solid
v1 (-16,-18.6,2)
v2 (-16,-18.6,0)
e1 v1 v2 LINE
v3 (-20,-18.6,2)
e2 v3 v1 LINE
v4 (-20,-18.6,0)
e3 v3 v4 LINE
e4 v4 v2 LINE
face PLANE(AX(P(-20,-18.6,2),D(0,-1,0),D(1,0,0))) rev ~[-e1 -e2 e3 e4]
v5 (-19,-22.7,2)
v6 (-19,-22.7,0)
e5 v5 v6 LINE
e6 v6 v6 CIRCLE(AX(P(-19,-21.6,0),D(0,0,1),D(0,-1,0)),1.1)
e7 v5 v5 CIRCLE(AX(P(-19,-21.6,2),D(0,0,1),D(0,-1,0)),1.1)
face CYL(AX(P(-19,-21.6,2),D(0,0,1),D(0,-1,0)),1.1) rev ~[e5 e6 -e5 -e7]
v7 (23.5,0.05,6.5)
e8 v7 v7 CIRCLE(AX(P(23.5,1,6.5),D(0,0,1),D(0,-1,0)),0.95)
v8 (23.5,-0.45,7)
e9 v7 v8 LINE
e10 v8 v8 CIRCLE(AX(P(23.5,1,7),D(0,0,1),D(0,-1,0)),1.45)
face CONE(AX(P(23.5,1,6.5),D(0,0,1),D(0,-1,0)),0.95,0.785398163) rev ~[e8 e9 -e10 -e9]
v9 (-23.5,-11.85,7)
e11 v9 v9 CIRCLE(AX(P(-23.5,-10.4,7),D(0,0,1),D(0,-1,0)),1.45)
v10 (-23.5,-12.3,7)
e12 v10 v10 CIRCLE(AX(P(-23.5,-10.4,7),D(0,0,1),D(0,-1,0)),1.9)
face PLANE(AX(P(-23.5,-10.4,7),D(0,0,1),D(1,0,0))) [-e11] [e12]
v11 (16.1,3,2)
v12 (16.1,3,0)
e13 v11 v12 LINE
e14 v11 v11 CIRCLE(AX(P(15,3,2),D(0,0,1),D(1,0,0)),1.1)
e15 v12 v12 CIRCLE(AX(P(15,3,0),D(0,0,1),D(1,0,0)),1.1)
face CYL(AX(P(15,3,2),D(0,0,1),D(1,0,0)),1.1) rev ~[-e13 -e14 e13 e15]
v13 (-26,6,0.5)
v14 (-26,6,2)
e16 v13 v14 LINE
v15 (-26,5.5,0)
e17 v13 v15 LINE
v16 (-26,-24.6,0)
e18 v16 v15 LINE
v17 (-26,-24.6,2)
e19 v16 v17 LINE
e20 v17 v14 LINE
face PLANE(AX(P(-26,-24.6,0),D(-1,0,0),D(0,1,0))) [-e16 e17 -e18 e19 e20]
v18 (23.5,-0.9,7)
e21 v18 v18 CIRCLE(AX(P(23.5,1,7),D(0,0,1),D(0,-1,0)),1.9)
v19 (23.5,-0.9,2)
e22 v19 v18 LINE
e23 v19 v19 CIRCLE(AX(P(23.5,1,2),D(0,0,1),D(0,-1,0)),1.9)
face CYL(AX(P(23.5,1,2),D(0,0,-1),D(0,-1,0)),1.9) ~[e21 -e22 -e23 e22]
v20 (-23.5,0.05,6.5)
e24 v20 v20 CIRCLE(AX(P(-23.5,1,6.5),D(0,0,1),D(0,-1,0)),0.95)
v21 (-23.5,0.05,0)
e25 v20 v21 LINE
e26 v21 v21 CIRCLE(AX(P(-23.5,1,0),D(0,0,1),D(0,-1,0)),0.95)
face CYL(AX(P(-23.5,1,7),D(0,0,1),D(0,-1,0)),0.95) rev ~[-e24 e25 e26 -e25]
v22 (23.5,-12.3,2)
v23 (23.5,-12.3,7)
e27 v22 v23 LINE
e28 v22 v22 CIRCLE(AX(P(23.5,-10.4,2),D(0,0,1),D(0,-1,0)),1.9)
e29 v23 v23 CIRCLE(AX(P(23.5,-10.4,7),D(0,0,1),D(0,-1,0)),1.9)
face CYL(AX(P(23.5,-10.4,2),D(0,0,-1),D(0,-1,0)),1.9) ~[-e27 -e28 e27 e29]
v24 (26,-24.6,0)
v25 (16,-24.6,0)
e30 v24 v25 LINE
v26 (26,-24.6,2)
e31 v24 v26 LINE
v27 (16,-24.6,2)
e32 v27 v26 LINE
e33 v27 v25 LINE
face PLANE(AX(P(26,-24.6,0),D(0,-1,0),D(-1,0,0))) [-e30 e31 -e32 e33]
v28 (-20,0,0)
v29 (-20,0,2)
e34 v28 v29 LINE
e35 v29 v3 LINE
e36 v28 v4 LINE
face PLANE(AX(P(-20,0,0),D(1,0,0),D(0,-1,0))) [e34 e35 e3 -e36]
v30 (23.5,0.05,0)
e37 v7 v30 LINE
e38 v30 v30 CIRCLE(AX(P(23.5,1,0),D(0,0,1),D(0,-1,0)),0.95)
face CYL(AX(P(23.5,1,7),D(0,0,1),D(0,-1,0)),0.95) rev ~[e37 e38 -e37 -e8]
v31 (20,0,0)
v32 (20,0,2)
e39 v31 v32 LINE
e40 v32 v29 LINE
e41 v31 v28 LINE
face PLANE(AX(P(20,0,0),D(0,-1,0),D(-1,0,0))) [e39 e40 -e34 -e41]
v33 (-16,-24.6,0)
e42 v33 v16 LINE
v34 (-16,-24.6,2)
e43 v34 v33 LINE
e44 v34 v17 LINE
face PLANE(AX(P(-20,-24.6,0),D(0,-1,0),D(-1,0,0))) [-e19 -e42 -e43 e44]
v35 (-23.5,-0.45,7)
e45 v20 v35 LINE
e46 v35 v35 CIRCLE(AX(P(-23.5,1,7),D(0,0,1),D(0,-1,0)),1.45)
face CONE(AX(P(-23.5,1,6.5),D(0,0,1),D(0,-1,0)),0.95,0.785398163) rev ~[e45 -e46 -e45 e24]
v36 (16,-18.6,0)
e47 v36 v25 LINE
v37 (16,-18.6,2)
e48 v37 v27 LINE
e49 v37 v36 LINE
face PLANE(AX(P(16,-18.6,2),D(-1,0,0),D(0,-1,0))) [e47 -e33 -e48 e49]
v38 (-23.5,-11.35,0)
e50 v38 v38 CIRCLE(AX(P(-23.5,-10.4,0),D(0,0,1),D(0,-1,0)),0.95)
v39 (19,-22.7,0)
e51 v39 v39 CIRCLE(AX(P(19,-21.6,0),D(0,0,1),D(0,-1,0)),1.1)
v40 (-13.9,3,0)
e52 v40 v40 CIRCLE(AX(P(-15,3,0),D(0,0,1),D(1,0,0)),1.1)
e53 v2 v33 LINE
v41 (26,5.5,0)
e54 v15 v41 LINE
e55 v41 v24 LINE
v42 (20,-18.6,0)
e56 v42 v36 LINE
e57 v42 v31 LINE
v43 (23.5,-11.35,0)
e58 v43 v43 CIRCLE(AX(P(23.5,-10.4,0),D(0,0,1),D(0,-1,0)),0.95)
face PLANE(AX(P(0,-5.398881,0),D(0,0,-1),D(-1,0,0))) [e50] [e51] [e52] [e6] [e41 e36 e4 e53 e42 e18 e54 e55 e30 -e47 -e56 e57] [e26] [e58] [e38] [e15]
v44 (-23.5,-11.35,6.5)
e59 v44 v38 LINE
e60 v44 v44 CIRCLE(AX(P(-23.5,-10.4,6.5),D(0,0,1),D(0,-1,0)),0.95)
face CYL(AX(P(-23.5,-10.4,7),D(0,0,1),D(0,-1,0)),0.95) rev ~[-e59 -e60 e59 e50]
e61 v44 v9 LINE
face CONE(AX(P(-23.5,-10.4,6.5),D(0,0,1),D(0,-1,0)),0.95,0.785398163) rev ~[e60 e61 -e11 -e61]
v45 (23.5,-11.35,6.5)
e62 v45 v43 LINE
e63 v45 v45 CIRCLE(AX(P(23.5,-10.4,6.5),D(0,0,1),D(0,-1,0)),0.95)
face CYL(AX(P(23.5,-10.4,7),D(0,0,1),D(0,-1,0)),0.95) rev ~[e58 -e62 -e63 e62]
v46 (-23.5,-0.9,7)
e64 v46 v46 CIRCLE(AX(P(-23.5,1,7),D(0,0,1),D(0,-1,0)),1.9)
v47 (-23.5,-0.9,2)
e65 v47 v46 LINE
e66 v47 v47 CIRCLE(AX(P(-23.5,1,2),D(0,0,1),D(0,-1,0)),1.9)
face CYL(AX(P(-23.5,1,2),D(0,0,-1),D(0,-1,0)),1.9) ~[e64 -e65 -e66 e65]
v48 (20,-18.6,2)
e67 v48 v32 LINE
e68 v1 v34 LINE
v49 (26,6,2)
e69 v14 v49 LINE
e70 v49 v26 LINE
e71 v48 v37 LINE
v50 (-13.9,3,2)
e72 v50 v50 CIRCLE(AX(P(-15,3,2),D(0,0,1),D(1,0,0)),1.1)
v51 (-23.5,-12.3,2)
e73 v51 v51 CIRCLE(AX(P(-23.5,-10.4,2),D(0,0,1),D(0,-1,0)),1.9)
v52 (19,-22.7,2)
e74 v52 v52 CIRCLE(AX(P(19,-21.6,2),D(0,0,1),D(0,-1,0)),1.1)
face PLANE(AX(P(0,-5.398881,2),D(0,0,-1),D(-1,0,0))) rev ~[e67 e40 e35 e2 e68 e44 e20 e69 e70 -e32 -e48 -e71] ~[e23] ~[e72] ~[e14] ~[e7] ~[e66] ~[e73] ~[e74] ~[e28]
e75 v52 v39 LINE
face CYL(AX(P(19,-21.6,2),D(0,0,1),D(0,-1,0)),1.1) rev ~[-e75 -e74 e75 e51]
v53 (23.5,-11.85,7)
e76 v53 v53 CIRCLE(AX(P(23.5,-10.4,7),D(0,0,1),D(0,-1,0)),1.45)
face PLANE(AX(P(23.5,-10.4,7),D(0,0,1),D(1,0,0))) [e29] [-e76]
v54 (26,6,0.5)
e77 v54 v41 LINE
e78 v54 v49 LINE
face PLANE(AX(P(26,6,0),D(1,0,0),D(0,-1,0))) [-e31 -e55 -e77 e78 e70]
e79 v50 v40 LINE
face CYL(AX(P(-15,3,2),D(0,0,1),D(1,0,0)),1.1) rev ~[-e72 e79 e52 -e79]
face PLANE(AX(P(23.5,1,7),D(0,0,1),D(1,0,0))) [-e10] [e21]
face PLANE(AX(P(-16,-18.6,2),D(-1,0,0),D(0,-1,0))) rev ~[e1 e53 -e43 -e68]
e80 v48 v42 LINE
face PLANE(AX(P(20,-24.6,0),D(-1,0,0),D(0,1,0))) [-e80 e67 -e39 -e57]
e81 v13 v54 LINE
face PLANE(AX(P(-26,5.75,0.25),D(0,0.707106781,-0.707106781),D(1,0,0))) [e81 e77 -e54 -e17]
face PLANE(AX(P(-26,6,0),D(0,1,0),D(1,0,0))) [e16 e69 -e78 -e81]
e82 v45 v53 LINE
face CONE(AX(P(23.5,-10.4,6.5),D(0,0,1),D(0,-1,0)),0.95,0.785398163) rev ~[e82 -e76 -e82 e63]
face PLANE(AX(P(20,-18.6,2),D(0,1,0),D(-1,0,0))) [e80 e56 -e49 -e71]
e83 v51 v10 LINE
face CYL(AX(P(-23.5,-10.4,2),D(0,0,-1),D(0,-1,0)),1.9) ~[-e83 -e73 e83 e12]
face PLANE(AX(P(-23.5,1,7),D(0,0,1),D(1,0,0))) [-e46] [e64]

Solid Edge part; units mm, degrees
sketch "Sketch1" plane through (0, 0, 0) normal (0, 0, 1) x (1, 0, 0)
  line L0 (-26, 6) -> (26, 6)
  line L1 (26, 6) -> (26, -24.6)
  line L2 (26, -24.6) -> (20, -24.6)
  line L3 (20, -24.6) -> (20, 0)
  line L4 (20, 0) -> (-20, 0)
  line L5 (-20, 0) -> (-20, -24.6)
  line L6 (-20, -24.6) -> (-26, -24.6)
  line L7 (-26, -24.6) -> (-26, 6)
  dimension "D1" = 52
  dimension "D2" = 6
  dimension "D3" = 6
  dimension "D4" = 30.6
extrude "Protrusion1" add sketch "Sketch1" along normal blind 2
sketch "Sketch2" plane through (0, -11, 2) normal (0, 0, 1) x (1, 0, 0)
  circle A0 centre (15, 14) radius 1.1
  circle A1 centre (-15, 14) radius 1.1
  dimension "D1" = 3
  dimension "D2" = 2.2
  dimension "D3" = 30
extrude "Cutout1" cut sketch "Sketch2" against normal through all
chamfer "Chamfer1" distance 0.5 angle 45 1 edges at (0, 6, 0)
sketch "Sketch3" plane through (0, -11, 2) normal (0, 0, 1) x (0, -1, 0)
  circle A0 centre (-12, 23.5) radius 1.9
  circle A1 centre (-0.6, 23.5) radius 1.9
  circle A2 centre (-0.6, -23.5) radius 1.9
  circle A3 centre (-12, -23.5) radius 1.9
  dimension "D1" = 3.8
  dimension "D2" = 11.4
  dimension "D3" = 47
  dimension "D4" = 2.5
  dimension "D5" = 5
extrude "Extrusionsausprägung_2" add sketch "Sketch3" along normal blind 5
sketch "Sketch4" plane through (23.5, 1, 7) normal (0, 0, 1) x (0, -1, 0)
  circle A0 centre (0, 0) radius 0.95
  circle A1 centre (11.4, 0) radius 0.95
  circle A2 centre (0, -47) radius 0.95
  circle A3 centre (11.4, -47) radius 0.95
  dimension "D1" = 1.9
extrude "Cutout2" cut sketch "Sketch4" against normal through all
chamfer "Fase_2" distance 0.5 angle 45 4 edges at (23.5, 1.95, 7) (23.5, -9.45, 7) (-23.5, 1.95, 7) (-23.5, -9.45, 7)
sketch "Sketch5" plane through (0, -9.3, 2) normal (0, 0, 1) x (0, -1, 0)
  line L0 (9.3, -16) -> (15.3, -16)
  line L1 (15.3, -16) -> (15.3, -26)
  line L2 (15.3, -26) -> (3.3, -26)
  line L3 (3.3, -26) -> (3.3, -20)
  line L4 (3.3, -20) -> (9.3, -20)
  line L5 (9.3, -20) -> (9.3, -16)
  line L6 (9.3, 16) -> (15.3, 16)
  line L7 (15.3, 16) -> (15.3, 26)
  line L8 (15.3, 26) -> (3.3, 26)
  line L9 (3.3, 26) -> (3.3, 20)
  line L10 (3.3, 20) -> (9.3, 20)
  line L11 (9.3, 20) -> (9.3, 16)
  dimension "D1" = 10
  dimension "D2" = 6
  dimension "D3" = 12
  dimension "D4" = 12
  dimension "D5" = 10
extrude "Extrusionsausprägung_3" add sketch "Sketch5" against normal blind 2
sketch "Sketch6" plane through (0, -9.3, 2) normal (0, 0, 1) x (0, -1, 0)
  circle A0 centre (12.3, 19) radius 1.1
  circle A1 centre (12.3, -19) radius 1.1
  dimension "D1" = 2.2
  dimension "D2" = 3
  dimension "D3" = 3
extrude "Cutout3" cut sketch "Sketch6" against normal through all
